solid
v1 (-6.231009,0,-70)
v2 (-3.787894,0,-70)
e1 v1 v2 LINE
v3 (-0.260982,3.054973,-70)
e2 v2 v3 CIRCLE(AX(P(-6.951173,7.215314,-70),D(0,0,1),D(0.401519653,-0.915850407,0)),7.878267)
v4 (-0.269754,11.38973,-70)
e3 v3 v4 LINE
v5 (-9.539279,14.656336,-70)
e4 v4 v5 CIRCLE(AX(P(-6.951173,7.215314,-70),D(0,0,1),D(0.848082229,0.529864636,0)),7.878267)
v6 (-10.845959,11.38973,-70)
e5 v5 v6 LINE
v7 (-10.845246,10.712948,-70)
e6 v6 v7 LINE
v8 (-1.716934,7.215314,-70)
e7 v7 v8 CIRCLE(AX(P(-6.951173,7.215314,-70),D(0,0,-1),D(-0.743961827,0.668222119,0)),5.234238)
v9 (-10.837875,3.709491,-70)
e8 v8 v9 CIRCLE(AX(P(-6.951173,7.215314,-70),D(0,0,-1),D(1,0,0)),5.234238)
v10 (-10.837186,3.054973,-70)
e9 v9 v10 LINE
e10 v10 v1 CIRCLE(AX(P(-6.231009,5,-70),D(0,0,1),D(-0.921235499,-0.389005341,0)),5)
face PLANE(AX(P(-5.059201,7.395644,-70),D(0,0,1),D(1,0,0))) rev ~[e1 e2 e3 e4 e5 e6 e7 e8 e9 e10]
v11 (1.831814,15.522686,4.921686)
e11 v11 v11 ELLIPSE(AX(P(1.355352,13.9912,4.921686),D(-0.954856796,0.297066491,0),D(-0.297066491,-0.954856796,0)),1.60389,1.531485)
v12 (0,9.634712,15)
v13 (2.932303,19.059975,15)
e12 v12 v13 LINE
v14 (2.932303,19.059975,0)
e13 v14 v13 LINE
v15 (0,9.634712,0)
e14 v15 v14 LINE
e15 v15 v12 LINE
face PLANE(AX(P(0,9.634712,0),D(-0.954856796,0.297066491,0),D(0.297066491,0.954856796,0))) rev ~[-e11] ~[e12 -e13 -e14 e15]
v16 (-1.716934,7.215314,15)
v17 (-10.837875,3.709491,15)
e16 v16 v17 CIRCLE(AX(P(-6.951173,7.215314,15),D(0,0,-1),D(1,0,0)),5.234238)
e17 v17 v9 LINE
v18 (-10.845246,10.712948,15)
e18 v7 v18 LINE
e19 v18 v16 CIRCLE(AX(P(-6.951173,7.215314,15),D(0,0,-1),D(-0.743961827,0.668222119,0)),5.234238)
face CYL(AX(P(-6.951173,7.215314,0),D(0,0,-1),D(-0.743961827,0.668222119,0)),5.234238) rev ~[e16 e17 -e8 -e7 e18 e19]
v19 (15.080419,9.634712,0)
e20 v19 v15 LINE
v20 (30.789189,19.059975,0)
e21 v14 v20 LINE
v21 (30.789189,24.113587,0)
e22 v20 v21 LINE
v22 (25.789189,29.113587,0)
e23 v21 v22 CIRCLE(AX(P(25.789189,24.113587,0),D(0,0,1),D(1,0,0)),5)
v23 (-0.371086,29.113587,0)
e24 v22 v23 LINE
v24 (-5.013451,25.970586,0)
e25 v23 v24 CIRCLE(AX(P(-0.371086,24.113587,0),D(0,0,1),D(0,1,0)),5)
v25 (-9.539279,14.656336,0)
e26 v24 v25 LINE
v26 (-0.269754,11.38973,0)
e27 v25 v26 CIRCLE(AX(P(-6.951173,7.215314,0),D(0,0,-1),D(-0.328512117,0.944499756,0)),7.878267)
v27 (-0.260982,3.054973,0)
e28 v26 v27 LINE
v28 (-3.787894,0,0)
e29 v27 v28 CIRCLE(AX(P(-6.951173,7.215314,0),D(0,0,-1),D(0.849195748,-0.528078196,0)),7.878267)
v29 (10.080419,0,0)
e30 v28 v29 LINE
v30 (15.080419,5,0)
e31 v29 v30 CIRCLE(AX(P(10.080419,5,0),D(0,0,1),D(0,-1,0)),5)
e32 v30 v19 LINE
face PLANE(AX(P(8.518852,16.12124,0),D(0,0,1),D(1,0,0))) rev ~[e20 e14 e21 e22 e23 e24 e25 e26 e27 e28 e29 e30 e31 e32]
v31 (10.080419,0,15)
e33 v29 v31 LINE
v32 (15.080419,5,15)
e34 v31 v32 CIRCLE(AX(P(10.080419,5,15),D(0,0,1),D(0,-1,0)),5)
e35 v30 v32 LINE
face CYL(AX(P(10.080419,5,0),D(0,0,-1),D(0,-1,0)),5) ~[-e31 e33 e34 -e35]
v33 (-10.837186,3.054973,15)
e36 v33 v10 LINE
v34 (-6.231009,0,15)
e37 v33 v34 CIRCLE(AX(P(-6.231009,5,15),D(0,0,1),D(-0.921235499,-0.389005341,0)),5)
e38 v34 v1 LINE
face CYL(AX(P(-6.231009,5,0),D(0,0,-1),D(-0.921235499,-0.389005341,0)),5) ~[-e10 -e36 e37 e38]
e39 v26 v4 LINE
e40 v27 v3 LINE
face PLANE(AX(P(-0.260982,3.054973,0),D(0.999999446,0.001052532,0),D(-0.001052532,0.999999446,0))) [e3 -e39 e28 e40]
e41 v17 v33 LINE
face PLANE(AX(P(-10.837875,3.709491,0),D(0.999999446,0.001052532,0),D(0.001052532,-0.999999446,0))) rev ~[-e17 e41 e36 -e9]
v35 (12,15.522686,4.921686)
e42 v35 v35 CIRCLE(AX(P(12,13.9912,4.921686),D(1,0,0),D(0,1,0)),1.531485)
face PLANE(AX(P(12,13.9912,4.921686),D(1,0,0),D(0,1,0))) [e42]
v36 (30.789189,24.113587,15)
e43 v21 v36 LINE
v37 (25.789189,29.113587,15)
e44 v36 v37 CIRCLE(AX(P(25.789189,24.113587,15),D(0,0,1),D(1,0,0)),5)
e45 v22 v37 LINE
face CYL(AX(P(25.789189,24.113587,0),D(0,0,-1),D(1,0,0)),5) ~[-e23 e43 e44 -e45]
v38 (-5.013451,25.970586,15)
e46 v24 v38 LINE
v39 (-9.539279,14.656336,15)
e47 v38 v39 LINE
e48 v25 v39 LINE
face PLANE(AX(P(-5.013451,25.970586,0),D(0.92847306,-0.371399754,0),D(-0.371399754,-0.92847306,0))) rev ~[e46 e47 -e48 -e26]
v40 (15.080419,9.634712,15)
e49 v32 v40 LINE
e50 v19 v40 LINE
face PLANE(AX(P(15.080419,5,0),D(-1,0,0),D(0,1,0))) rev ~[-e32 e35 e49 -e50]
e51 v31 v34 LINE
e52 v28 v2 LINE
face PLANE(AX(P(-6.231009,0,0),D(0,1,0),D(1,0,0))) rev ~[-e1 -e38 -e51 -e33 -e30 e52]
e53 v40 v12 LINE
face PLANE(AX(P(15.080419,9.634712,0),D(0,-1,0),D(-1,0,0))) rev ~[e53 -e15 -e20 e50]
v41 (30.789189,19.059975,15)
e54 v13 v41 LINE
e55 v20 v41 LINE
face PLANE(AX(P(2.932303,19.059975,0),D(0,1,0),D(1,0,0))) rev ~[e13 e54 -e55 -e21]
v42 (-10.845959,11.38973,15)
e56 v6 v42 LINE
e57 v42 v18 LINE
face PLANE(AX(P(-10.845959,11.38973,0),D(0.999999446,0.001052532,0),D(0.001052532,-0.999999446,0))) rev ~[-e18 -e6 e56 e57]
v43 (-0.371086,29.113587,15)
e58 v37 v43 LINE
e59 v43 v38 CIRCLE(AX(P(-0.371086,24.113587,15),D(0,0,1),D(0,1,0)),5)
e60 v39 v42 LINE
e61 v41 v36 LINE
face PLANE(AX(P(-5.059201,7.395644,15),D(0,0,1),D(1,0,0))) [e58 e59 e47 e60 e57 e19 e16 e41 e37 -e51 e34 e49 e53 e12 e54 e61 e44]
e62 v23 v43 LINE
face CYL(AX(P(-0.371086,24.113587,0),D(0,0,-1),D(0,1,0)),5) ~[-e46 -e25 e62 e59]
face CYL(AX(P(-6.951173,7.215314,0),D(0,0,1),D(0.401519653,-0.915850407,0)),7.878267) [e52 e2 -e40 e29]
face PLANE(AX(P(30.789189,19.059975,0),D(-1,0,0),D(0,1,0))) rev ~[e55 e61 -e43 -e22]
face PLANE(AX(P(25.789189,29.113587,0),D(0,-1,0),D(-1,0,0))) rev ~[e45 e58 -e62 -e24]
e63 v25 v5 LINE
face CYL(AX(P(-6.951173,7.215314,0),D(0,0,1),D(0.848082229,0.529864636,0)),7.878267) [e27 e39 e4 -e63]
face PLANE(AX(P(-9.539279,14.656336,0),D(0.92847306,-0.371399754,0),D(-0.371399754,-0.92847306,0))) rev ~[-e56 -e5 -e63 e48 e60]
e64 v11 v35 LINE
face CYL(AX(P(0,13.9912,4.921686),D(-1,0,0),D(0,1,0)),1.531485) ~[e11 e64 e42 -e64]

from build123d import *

# Parameters (mm, degrees)
F1_DEPTH      = 15
F2_R          = 1.5314851855
F3_DEPTH      = 12
F4_DEPTH      = 70
F4_DEPTH_BACK = 15
F5_START      = 15
F5_DEPTH      = 10


with BuildPart() as f1:
    # F0 (on Top) → F1 (new body)
    with BuildSketch(Plane.XY):
        with BuildLine():
            Line((-3.7878935624, 0), (0, 0))
            Line((0, 0), (10.080419369, 0))
            ThreePointArc((10.080419369, 0), (13.615953275, 1.4644660941), (15.080419369, 5))
            Line((15.080419369, 5), (15.080419369, 9.6347117797))
            Line((15.080419369, 9.6347117797), (0, 9.6347117797))
            Line((0, 9.6347117797), (2.9323033523, 19.0599747002))
            Line((2.9323033523, 19.0599747002), (30.7891890407, 19.0599747002))
            Line((30.7891890407, 19.0599747002), (30.7891890407, 24.113586992))
            ThreePointArc((30.7891890407, 24.113586992), (29.3247229466, 27.649120898), (25.7891890407, 29.113586992))
            Line((25.7891890407, 29.113586992), (-0.3710855943, 29.113586992))
            ThreePointArc((-0.3710855943, 29.113586992), (-3.1742094006, 28.2539368476), (-5.0134508929, 25.9705857625))
            Line((-5.0134508929, 25.9705857625), (-9.5392790792, 14.6563360963))
            ThreePointArc((-9.5392790792, 14.6563360963), (-4.3326845259, 14.6456991486), (-0.2697541602, 11.3897297337))
            Line((-0.2697541602, 11.3897297337), (-0.2609815599, 3.0549731831))
            ThreePointArc((-0.2609815599, 3.0549731831), (-1.7930786348, 1.2603868413), (-3.7878935624, 0))
        make_face()
    extrude(amount=F1_DEPTH)

    # F2 (on Right) → F3 (join)
    with BuildSketch(Plane.YZ):
        with Locations((13.9912003651, 4.9216861258)):
            Circle(F2_R)
    extrude(amount=F3_DEPTH)

    # F0 (on Top) → F4 (join, two sides)
    with BuildSketch(Plane.XY) as f4_sk:
        with BuildLine():
            Line((-6.2310085321, 0), (-3.7878935624, 0))
            ThreePointArc((-3.7878935624, 0), (-1.7930786348, 1.2603868413), (-0.2609815599, 3.0549731831))
            Line((-0.2609815599, 3.0549731831), (-0.2697541602, 11.3897297337))
            ThreePointArc((-0.2697541602, 11.3897297337), (-4.3326845259, 14.6456991486), (-9.5392790792, 14.6563360963))
            Line((-9.5392790792, 14.6563360963), (-10.8459586275, 11.3897298455))
            Line((-10.8459586275, 11.3897298455), (-10.845246293, 10.7129482743))
            ThreePointArc((-10.845246293, 10.7129482743), (-5.0783751094, 12.1030419278), (-1.7169344136, 7.215314433))
            ThreePointArc((-1.7169344136, 7.215314433), (-5.0732316586, 2.3295608244), (-10.8378749283, 3.7094910741))
            Line((-10.8378749283, 3.7094910741), (-10.8371860272, 3.0549732948))
            ThreePointArc((-10.8371860272, 3.0549732948), (-8.9945991742, 0.8331586588), (-6.2310085321, 0))
        make_face()
    extrude(amount=-F4_DEPTH)
    extrude(f4_sk.sketch, amount=F4_DEPTH_BACK)

    # F0 (on Top) → F5 (cut)
    with BuildSketch(Plane.XY.offset(F5_START)):
        with BuildLine():
            Line((-10.8392332305, 4.9999998882), (-10.8378749283, 3.7094910741))
            ThreePointArc((-10.8378749283, 3.7094910741), (-5.0732316586, 2.3295608244), (-1.7169344136, 7.215314433))
            ThreePointArc((-1.7169344136, 7.215314433), (-5.0783751094, 12.1030419278), (-10.845246293, 10.7129482743))
            Line((-10.845246293, 10.7129482743), (-10.8440068229, 9.5353405923))
            Line((-10.8440068229, 9.5353405923), (-7.9774604405, 9.5353405923))
            Line((-7.9774604405, 9.5353405923), (-7.9774604405, 4.9999998882))
            Line((-7.9774604405, 4.9999998882), (-10.8392332305, 4.9999998882))
        make_face()
        Polygon((-10.8440068229, 9.5353405923), (-10.8392332305, 4.9999998882), (-7.9774604405, 4.9999998882), (-7.9774604405, 9.5353405923), align=None)
    extrude(amount=F5_DEPTH, mode=Mode.SUBTRACT)


solid = f1.part
